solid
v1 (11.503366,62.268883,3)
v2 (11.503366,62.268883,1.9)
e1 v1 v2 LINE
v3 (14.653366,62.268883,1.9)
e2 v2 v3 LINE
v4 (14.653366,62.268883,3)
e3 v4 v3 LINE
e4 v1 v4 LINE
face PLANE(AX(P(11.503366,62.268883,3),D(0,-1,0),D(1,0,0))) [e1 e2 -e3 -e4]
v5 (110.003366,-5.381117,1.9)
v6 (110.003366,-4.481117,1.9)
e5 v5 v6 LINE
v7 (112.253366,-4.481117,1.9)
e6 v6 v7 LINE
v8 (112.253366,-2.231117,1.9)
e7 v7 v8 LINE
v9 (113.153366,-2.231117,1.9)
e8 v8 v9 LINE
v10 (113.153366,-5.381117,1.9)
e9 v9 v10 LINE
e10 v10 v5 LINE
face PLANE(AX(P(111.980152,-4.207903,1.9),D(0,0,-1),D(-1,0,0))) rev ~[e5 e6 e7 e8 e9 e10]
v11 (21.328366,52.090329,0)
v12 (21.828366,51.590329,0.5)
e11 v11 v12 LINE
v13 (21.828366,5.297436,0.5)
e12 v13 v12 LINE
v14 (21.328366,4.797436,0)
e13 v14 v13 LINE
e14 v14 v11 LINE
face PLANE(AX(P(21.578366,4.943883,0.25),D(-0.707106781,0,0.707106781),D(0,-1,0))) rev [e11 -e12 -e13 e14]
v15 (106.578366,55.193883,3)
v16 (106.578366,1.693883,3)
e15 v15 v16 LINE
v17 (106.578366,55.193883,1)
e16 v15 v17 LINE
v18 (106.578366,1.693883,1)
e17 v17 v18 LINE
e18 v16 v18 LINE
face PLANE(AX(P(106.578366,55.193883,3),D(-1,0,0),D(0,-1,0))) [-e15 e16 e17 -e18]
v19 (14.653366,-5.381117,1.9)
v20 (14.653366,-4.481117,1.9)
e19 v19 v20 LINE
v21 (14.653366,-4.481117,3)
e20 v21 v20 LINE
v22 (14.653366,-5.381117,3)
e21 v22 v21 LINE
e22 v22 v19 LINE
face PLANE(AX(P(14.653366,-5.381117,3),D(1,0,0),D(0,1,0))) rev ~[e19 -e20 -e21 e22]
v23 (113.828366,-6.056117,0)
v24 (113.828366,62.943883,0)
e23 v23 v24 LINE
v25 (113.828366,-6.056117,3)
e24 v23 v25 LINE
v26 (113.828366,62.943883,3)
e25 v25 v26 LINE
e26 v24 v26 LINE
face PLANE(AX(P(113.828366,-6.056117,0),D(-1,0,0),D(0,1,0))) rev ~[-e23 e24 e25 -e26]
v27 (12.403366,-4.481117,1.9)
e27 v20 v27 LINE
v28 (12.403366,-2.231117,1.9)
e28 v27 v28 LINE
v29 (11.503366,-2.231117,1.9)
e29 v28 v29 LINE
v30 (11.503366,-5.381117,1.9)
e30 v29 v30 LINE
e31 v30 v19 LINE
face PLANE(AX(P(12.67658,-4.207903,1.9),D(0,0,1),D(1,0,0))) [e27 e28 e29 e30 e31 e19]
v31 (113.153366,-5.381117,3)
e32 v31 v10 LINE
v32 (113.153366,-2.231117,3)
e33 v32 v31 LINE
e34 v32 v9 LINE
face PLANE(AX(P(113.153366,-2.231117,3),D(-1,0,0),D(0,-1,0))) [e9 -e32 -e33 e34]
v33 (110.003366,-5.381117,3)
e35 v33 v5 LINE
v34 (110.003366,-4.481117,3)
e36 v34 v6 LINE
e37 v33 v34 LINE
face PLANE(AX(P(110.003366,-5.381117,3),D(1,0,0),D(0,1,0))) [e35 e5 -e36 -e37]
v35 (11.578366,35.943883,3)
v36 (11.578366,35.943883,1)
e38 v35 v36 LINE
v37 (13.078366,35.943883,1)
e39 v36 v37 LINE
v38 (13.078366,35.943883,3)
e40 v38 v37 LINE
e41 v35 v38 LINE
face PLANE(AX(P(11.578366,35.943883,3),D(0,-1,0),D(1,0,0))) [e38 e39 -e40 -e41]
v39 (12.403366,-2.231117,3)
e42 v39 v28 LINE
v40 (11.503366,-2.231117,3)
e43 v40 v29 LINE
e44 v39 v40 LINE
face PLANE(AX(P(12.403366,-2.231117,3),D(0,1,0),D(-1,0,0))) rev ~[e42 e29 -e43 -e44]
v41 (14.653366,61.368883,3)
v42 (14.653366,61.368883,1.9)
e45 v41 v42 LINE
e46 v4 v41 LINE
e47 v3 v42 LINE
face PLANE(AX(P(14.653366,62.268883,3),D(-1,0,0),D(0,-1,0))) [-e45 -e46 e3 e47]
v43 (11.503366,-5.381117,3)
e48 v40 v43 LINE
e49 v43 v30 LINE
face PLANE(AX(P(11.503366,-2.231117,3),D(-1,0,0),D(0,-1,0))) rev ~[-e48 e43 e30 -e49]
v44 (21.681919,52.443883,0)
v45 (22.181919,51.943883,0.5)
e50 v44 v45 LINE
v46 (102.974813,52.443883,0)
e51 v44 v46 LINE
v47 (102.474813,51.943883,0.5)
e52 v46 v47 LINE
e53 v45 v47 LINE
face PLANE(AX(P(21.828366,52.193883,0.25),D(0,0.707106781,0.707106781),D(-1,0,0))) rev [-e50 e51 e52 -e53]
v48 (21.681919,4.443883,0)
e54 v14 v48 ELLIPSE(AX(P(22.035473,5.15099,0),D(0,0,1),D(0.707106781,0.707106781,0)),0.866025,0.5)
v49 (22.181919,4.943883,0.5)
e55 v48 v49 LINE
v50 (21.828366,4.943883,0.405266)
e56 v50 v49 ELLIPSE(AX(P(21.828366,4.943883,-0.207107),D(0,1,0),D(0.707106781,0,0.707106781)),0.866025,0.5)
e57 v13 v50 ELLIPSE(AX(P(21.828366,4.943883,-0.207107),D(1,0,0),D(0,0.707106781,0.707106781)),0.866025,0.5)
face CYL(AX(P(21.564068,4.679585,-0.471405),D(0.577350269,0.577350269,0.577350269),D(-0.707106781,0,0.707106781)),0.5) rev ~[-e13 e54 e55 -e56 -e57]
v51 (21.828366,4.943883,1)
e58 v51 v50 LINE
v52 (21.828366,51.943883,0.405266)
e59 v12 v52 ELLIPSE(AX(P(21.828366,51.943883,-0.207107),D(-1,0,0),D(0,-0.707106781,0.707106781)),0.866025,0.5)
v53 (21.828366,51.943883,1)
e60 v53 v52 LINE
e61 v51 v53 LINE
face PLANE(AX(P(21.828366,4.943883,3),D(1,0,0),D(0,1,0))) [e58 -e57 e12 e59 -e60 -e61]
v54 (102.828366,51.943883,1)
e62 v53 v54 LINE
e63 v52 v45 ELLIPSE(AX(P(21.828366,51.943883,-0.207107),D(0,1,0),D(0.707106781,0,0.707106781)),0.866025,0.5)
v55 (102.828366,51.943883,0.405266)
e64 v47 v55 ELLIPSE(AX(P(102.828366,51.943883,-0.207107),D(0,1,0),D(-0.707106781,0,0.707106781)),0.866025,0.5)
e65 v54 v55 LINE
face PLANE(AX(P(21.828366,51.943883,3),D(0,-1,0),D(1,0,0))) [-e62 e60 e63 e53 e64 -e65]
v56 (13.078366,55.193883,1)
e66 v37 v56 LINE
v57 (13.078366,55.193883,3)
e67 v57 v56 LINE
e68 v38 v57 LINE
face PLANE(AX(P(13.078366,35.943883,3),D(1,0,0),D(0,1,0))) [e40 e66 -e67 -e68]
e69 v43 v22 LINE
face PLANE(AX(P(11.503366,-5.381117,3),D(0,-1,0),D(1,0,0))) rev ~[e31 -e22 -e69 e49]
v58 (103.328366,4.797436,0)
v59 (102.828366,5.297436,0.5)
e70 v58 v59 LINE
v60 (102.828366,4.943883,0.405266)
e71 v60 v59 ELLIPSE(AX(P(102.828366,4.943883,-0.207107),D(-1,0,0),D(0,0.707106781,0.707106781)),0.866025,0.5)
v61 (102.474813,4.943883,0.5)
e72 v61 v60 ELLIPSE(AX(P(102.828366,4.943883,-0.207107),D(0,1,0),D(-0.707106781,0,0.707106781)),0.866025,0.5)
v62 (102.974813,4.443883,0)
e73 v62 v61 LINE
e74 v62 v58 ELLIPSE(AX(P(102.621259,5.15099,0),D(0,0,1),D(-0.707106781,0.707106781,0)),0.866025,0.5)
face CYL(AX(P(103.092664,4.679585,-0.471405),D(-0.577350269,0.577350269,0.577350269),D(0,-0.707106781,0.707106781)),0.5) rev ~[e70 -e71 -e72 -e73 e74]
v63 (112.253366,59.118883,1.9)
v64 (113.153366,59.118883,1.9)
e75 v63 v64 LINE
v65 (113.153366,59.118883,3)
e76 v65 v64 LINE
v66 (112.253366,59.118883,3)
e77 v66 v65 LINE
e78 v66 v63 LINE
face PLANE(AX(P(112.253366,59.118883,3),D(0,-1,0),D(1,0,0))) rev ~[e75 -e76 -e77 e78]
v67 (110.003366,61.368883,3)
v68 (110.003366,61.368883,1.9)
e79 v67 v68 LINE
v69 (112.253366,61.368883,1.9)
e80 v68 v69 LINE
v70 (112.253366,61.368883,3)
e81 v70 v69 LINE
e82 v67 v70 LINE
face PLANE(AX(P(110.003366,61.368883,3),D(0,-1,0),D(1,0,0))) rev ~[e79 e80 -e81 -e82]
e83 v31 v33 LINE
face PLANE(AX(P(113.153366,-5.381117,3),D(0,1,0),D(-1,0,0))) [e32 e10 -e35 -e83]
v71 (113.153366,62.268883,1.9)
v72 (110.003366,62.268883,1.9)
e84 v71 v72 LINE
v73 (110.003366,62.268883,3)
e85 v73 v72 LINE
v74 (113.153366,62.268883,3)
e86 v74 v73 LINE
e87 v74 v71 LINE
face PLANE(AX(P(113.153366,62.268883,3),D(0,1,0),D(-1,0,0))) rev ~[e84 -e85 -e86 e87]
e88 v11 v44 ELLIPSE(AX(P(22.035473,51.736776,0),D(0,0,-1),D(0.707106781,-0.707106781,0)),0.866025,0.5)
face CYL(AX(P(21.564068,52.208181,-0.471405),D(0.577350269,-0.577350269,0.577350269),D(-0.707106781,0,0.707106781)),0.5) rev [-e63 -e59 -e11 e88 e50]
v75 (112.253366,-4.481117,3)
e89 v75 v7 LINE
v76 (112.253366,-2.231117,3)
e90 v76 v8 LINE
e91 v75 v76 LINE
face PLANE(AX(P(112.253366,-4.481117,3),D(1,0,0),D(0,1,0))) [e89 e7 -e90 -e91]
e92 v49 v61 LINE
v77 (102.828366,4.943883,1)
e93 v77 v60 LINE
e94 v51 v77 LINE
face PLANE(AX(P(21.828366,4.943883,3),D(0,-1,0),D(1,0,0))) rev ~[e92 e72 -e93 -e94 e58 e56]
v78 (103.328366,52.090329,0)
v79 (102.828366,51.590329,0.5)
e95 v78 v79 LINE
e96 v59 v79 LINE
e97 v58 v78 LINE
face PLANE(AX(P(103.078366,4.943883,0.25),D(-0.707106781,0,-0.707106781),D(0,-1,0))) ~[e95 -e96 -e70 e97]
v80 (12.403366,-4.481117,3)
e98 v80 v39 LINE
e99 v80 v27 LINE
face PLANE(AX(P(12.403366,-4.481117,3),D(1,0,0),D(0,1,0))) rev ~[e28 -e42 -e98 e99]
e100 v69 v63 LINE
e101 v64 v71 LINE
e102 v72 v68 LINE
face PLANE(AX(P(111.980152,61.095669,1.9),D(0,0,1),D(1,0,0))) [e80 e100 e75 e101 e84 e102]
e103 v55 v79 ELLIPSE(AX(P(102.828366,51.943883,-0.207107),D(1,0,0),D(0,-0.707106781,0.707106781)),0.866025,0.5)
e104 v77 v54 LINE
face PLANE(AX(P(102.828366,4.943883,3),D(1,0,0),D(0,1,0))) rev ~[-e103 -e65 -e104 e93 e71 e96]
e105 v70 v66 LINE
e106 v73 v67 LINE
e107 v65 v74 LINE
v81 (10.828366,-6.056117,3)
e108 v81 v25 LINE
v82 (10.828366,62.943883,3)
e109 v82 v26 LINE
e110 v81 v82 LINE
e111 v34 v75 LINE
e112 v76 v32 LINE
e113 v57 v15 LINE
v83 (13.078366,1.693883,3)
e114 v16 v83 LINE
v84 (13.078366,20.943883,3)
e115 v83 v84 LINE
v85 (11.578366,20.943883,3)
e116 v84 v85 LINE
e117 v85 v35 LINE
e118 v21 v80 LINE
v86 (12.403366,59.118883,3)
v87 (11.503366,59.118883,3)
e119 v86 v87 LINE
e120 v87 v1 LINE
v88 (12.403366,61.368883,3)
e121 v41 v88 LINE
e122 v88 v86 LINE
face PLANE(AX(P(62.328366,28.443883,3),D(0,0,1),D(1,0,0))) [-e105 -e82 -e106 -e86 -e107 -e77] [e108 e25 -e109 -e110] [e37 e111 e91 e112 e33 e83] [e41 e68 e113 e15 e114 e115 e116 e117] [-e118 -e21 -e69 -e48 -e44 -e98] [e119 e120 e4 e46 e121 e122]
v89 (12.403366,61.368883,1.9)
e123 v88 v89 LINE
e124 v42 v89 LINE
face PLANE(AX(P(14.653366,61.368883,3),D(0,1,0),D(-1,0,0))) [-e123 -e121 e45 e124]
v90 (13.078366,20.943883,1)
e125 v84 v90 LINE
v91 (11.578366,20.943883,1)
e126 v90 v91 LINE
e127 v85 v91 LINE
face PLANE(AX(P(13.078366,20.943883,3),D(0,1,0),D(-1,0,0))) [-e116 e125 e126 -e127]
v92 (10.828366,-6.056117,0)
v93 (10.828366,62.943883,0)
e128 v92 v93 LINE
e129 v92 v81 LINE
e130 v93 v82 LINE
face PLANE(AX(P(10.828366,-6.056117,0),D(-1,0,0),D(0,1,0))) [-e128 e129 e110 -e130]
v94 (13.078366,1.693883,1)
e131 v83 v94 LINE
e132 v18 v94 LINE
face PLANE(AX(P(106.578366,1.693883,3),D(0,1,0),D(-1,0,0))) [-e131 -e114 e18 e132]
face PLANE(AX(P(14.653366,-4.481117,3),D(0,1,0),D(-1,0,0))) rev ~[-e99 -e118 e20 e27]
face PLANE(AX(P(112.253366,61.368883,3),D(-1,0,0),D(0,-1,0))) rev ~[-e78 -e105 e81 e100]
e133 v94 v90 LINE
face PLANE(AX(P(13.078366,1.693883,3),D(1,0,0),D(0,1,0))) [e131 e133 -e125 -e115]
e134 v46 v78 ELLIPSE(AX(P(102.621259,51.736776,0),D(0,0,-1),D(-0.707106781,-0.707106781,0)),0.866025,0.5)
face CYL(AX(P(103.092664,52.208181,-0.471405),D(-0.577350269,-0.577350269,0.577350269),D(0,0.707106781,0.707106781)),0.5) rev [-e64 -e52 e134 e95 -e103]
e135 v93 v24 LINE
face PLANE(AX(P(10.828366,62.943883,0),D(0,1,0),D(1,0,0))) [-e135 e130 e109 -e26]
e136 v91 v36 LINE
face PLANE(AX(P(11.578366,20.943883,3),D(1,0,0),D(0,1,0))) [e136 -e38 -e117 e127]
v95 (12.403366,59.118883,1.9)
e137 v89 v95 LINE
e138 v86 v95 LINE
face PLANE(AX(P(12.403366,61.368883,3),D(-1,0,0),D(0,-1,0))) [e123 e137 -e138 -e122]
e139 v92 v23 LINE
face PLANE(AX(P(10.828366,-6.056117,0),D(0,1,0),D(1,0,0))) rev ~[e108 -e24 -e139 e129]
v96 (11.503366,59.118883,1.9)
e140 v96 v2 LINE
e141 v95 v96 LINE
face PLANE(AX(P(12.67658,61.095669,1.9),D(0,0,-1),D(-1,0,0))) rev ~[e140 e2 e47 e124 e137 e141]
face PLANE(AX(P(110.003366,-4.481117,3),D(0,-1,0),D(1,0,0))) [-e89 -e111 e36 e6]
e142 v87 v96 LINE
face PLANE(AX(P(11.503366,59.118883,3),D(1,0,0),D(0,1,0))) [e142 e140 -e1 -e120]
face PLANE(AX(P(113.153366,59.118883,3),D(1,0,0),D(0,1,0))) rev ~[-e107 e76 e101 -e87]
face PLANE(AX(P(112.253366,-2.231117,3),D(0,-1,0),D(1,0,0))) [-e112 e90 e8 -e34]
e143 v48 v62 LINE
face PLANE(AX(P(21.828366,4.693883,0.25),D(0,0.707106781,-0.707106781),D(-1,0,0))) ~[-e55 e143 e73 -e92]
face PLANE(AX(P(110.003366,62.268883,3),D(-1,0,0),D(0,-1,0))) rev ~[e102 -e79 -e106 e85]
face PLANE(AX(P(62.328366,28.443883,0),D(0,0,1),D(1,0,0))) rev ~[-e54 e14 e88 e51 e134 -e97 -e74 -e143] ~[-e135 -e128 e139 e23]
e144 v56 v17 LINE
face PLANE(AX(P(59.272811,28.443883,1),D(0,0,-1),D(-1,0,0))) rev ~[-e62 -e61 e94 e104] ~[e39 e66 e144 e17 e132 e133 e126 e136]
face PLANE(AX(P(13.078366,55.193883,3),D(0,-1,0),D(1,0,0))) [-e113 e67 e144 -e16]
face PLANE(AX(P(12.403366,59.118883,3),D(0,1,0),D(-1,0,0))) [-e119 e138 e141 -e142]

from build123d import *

# Parameters (mm, degrees)
SKETCH1_W           = 103
SKETCH1_H           = 69
BOSS_EXTRUDE1_DEPTH = 3
SKETCH2_W           = 81
SKETCH2_H           = 47
CUT_EXTRUDE1_DEPTH  = 3
CUT_EXTRUDE2_DEPTH  = 2
CHAMFER1_SIZE       = 0.5
FILLET1_R           = 0.5
CUT_EXTRUDE3_DEPTH  = 1.1


with BuildPart() as part:
    # Sketch1 → Boss-Extrude1 (new body)
    with BuildSketch(Plane.XY):
        with Locations((62.328366078, 28.443882797)):
            Rectangle(SKETCH1_W, SKETCH1_H)
    extrude(amount=BOSS_EXTRUDE1_DEPTH)

    # Sketch2 → Cut-Extrude1 (cut)
    with BuildSketch(Plane.XY.offset(3)):
        with Locations((62.328366078, 28.443882797)):
            Rectangle(SKETCH2_W, SKETCH2_H)
    extrude(amount=-CUT_EXTRUDE1_DEPTH, mode=Mode.SUBTRACT)

    # Sketch3 → Cut-Extrude2 (cut)
    with BuildSketch(Plane.XY.offset(3)):
        Polygon((13.078366078, 55.193882797), (106.578366078, 55.193882797), (106.578366078, 1.693882797), (13.078366078, 1.693882797), (13.078366078, 20.943882797), (11.578366078, 20.943882797), (11.578366078, 35.943882797), (13.078366078, 35.943882797), align=None)
    extrude(amount=-CUT_EXTRUDE2_DEPTH, mode=Mode.SUBTRACT)

    # Chamfer1
    chamfer1_edges = [part.edges().sort_by_distance(p)[0] for p in [
        (21.828366078, 28.443882797, 0),
        (62.328366078, 51.943882797, 0),
        (102.828366078, 28.443882797, 0),
        (62.328366078, 4.943882797, 0),
    ]]
    chamfer(chamfer1_edges, length=CHAMFER1_SIZE)

    # Fillet1
    fillet1_edges = [part.edges().sort_by_distance(p)[0] for p in [
        (21.578366078, 52.193882797, 0.25),
        (103.078366078, 52.193882797, 0.25),
        (21.578366078, 4.693882797, 0.25),
        (103.078366078, 4.693882797, 0.25),
    ]]
    fillet(fillet1_edges, radius=FILLET1_R)

    # Sketch4 → Cut-Extrude3 (cut)
    with BuildSketch(Plane.XY.offset(3)):
        Polygon((11.503366078, 62.268882797), (14.653366078, 62.268882797), (14.653366078, 61.368882797), (12.403366078, 61.368882797), (12.403366078, 59.118882797), (11.503366078, 59.118882797), align=None)
        Polygon((113.153366078, 59.118882797), (113.153366078, 62.268882797), (110.003366078, 62.268882797), (110.003366078, 61.368882797), (112.253366078, 61.368882797), (112.253366078, 59.118882797), align=None)
        Polygon((113.153366078, -5.381117203), (110.003366078, -5.381117203), (110.003366078, -4.481117203), (112.253366078, -4.481117203), (112.253366078, -2.231117203), (113.153366078, -2.231117203), align=None)
        Polygon((11.503366078, -2.231117203), (11.503366078, -5.381117203), (14.653366078, -5.381117203), (14.653366078, -4.481117203), (12.403366078, -4.481117203), (12.403366078, -2.231117203), align=None)
    extrude(amount=-CUT_EXTRUDE3_DEPTH, mode=Mode.SUBTRACT)


solid = part.part
